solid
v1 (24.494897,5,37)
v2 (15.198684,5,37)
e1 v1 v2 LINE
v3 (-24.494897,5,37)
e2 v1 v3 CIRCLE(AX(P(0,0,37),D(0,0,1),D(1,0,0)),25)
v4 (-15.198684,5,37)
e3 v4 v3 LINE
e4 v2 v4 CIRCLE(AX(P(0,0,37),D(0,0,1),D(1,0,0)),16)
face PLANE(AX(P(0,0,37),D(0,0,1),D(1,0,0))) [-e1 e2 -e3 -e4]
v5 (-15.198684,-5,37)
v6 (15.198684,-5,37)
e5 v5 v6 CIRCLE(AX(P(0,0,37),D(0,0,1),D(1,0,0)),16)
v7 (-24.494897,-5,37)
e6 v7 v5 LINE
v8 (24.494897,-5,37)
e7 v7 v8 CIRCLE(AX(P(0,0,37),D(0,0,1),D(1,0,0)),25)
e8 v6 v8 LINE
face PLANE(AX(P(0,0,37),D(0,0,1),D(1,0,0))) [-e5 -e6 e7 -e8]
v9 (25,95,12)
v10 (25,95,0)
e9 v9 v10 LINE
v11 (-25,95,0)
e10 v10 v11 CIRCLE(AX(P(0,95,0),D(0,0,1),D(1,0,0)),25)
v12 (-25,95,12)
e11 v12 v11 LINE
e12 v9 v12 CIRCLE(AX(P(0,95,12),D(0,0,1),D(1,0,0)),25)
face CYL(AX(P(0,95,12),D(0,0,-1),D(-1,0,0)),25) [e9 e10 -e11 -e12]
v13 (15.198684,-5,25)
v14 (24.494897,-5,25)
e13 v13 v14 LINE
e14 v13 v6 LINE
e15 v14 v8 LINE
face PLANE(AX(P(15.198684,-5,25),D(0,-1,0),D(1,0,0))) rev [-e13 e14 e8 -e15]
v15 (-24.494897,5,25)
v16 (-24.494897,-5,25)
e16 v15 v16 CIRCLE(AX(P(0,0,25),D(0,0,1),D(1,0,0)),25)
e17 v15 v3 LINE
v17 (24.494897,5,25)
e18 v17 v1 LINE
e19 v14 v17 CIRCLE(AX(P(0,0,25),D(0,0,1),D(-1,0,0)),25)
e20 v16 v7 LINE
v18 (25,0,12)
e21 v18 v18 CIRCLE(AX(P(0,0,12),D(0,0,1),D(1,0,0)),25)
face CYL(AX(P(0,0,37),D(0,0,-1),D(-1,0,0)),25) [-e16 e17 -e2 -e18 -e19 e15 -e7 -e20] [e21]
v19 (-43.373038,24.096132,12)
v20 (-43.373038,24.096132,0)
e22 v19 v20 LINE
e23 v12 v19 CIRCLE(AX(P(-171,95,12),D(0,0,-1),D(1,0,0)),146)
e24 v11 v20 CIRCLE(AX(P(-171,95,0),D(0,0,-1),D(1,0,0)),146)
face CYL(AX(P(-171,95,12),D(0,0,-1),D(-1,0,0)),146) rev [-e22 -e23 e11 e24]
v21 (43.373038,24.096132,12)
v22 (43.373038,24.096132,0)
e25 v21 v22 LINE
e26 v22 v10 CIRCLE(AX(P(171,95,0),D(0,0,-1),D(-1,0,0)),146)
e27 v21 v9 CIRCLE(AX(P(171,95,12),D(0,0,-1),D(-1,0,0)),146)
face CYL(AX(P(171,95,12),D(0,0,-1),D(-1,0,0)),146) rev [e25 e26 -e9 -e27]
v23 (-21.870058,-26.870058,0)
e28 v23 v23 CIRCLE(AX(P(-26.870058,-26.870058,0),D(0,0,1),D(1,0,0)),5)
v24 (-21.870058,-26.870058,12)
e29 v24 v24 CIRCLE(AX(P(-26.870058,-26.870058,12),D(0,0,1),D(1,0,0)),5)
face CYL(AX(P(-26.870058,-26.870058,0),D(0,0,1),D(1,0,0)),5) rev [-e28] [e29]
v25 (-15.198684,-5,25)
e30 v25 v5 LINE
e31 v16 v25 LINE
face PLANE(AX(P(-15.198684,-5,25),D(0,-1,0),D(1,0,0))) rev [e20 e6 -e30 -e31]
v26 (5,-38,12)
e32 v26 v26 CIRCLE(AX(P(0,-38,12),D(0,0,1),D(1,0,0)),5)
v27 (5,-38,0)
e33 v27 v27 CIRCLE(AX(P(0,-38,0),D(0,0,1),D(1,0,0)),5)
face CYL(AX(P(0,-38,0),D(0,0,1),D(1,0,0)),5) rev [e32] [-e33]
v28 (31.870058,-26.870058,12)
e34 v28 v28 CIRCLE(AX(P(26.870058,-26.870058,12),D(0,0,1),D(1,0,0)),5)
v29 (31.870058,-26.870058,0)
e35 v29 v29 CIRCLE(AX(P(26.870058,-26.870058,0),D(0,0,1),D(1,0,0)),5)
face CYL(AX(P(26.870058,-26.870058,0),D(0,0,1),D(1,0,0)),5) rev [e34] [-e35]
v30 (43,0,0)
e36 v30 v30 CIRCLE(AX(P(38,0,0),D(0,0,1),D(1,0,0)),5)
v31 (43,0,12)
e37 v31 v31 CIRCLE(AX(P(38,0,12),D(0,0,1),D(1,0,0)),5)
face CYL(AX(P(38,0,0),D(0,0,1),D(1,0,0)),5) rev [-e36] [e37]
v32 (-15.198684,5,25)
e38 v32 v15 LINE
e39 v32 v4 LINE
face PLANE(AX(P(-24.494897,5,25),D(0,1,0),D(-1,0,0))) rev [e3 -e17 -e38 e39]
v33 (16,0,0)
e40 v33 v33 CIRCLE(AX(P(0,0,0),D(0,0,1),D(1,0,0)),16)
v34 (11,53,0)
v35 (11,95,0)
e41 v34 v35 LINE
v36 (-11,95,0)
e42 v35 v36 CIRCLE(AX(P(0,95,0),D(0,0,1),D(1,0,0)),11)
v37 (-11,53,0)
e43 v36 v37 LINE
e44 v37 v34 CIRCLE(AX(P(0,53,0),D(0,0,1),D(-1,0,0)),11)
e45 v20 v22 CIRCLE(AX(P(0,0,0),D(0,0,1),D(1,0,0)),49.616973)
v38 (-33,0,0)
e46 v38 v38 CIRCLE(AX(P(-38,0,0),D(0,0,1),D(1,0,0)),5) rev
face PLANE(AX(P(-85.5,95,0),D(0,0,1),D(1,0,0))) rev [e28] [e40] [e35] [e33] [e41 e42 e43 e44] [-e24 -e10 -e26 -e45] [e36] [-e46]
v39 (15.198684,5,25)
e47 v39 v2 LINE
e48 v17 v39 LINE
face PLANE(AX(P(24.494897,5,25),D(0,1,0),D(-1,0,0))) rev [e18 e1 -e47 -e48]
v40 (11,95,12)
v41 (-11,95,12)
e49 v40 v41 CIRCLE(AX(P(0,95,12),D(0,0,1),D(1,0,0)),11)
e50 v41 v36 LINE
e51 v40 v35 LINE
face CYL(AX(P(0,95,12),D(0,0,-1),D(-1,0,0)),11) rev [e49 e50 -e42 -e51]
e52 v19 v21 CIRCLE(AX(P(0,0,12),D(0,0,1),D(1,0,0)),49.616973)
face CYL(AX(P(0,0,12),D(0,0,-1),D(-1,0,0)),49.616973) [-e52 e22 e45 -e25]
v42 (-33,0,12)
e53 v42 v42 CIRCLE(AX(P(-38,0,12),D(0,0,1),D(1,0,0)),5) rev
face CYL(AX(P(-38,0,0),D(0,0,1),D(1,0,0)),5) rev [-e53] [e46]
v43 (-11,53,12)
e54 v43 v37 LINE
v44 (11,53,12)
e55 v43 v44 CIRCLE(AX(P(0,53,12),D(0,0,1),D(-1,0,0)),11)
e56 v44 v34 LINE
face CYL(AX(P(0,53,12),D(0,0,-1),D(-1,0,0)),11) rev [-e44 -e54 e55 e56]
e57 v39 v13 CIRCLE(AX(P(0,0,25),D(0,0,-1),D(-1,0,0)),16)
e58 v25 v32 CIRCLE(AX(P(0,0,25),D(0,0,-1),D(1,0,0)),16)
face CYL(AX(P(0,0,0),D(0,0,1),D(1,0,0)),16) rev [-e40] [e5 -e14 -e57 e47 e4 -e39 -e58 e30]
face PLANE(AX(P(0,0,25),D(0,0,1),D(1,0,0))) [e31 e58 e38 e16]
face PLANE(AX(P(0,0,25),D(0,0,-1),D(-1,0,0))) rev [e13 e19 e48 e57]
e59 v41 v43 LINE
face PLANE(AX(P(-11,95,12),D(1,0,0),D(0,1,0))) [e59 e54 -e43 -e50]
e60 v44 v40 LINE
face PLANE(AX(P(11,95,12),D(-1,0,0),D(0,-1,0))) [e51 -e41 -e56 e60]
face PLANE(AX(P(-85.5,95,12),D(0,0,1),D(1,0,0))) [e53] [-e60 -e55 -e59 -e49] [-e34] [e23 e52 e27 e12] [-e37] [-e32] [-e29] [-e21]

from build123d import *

# Parameters (mm, degrees)
EXTRUDE_1_DEPTH     = 12
SKETCH_2_R          = 5
CUT_EXTRUDE_1_DEPTH = 131.40645681
SKETCH_3_R          = 25
EXTRUDE_2_DEPTH     = 25
SKETCH_4_R          = 16
CUT_EXTRUDE_2_DEPTH = 136.021642627
CUT_EXTRUDE_3_DEPTH = 12


with BuildPart() as part:
    # 草圖1 → 填料-伸長1 (new body)
    with BuildSketch(Plane.XY):
        with BuildLine():
            ThreePointArc((25, 95), (0, 120), (-25, 95))
            ThreePointArc((-25, 95), (-29.667879628, 58.377168991), (-43.373037686, 24.096132048))
            ThreePointArc((-43.373037686, 24.096132048), (0, -49.616972679), (43.373037686, 24.096132048))
            ThreePointArc((43.373037686, 24.096132048), (29.667879628, 58.377168991), (25, 95))
        make_face()
        with BuildLine():
            Line((-11, 95), (-11, 53))
            ThreePointArc((-11, 53), (0, 42), (11, 53))
            Line((11, 53), (11, 95))
            ThreePointArc((11, 95), (0, 106), (-11, 95))
        make_face(mode=Mode.SUBTRACT)
    extrude(amount=EXTRUDE_1_DEPTH)

    # 草圖2 → 除料-伸長1 (cut, through all)
    with BuildSketch(Plane.XY.offset(12)):
        with Locations((38, 0)):
            Circle(SKETCH_2_R)
        with Locations((-38, 0)):
            Circle(SKETCH_2_R)
        with Locations((-26.870057685, -26.870057685)):
            Circle(SKETCH_2_R)
        with Locations((0, -38)):
            Circle(SKETCH_2_R)
        with Locations((26.870057685, -26.870057685)):
            Circle(SKETCH_2_R)
    extrude(amount=-CUT_EXTRUDE_1_DEPTH, mode=Mode.SUBTRACT)

    # 草圖3 → 填料-伸長2 (add)
    with BuildSketch(Plane.XY.offset(12)):
        Circle(SKETCH_3_R)
    extrude(amount=EXTRUDE_2_DEPTH)

    # 草圖4 → 除料-伸長2 (cut, through all)
    with BuildSketch(Plane.XY.offset(37)):
        Circle(SKETCH_4_R)
    extrude(amount=-CUT_EXTRUDE_2_DEPTH, mode=Mode.SUBTRACT)

    # 草圖5 → 除料-伸長3 (cut)
    with BuildSketch(Plane.XY.offset(37)):
        with BuildLine():
            Line((-24.494897428, 5), (-15.198684154, 5))
            ThreePointArc((-15.198684154, 5), (-16, 0), (-15.198684154, -5))
            Line((-15.198684154, -5), (-24.494897428, -5))
            ThreePointArc((-24.494897428, -5), (-25, 0), (-24.494897428, 5))
        make_face()
        with BuildLine():
            Line((15.198684154, -5), (24.494897428, -5))
            ThreePointArc((24.494897428, -5), (25, 0), (24.494897428, 5))
            Line((24.494897428, 5), (15.198684154, 5))
            ThreePointArc((15.198684154, 5), (16, 0), (15.198684154, -5))
        make_face()
    extrude(amount=-CUT_EXTRUDE_3_DEPTH, mode=Mode.SUBTRACT)


solid = part.part
